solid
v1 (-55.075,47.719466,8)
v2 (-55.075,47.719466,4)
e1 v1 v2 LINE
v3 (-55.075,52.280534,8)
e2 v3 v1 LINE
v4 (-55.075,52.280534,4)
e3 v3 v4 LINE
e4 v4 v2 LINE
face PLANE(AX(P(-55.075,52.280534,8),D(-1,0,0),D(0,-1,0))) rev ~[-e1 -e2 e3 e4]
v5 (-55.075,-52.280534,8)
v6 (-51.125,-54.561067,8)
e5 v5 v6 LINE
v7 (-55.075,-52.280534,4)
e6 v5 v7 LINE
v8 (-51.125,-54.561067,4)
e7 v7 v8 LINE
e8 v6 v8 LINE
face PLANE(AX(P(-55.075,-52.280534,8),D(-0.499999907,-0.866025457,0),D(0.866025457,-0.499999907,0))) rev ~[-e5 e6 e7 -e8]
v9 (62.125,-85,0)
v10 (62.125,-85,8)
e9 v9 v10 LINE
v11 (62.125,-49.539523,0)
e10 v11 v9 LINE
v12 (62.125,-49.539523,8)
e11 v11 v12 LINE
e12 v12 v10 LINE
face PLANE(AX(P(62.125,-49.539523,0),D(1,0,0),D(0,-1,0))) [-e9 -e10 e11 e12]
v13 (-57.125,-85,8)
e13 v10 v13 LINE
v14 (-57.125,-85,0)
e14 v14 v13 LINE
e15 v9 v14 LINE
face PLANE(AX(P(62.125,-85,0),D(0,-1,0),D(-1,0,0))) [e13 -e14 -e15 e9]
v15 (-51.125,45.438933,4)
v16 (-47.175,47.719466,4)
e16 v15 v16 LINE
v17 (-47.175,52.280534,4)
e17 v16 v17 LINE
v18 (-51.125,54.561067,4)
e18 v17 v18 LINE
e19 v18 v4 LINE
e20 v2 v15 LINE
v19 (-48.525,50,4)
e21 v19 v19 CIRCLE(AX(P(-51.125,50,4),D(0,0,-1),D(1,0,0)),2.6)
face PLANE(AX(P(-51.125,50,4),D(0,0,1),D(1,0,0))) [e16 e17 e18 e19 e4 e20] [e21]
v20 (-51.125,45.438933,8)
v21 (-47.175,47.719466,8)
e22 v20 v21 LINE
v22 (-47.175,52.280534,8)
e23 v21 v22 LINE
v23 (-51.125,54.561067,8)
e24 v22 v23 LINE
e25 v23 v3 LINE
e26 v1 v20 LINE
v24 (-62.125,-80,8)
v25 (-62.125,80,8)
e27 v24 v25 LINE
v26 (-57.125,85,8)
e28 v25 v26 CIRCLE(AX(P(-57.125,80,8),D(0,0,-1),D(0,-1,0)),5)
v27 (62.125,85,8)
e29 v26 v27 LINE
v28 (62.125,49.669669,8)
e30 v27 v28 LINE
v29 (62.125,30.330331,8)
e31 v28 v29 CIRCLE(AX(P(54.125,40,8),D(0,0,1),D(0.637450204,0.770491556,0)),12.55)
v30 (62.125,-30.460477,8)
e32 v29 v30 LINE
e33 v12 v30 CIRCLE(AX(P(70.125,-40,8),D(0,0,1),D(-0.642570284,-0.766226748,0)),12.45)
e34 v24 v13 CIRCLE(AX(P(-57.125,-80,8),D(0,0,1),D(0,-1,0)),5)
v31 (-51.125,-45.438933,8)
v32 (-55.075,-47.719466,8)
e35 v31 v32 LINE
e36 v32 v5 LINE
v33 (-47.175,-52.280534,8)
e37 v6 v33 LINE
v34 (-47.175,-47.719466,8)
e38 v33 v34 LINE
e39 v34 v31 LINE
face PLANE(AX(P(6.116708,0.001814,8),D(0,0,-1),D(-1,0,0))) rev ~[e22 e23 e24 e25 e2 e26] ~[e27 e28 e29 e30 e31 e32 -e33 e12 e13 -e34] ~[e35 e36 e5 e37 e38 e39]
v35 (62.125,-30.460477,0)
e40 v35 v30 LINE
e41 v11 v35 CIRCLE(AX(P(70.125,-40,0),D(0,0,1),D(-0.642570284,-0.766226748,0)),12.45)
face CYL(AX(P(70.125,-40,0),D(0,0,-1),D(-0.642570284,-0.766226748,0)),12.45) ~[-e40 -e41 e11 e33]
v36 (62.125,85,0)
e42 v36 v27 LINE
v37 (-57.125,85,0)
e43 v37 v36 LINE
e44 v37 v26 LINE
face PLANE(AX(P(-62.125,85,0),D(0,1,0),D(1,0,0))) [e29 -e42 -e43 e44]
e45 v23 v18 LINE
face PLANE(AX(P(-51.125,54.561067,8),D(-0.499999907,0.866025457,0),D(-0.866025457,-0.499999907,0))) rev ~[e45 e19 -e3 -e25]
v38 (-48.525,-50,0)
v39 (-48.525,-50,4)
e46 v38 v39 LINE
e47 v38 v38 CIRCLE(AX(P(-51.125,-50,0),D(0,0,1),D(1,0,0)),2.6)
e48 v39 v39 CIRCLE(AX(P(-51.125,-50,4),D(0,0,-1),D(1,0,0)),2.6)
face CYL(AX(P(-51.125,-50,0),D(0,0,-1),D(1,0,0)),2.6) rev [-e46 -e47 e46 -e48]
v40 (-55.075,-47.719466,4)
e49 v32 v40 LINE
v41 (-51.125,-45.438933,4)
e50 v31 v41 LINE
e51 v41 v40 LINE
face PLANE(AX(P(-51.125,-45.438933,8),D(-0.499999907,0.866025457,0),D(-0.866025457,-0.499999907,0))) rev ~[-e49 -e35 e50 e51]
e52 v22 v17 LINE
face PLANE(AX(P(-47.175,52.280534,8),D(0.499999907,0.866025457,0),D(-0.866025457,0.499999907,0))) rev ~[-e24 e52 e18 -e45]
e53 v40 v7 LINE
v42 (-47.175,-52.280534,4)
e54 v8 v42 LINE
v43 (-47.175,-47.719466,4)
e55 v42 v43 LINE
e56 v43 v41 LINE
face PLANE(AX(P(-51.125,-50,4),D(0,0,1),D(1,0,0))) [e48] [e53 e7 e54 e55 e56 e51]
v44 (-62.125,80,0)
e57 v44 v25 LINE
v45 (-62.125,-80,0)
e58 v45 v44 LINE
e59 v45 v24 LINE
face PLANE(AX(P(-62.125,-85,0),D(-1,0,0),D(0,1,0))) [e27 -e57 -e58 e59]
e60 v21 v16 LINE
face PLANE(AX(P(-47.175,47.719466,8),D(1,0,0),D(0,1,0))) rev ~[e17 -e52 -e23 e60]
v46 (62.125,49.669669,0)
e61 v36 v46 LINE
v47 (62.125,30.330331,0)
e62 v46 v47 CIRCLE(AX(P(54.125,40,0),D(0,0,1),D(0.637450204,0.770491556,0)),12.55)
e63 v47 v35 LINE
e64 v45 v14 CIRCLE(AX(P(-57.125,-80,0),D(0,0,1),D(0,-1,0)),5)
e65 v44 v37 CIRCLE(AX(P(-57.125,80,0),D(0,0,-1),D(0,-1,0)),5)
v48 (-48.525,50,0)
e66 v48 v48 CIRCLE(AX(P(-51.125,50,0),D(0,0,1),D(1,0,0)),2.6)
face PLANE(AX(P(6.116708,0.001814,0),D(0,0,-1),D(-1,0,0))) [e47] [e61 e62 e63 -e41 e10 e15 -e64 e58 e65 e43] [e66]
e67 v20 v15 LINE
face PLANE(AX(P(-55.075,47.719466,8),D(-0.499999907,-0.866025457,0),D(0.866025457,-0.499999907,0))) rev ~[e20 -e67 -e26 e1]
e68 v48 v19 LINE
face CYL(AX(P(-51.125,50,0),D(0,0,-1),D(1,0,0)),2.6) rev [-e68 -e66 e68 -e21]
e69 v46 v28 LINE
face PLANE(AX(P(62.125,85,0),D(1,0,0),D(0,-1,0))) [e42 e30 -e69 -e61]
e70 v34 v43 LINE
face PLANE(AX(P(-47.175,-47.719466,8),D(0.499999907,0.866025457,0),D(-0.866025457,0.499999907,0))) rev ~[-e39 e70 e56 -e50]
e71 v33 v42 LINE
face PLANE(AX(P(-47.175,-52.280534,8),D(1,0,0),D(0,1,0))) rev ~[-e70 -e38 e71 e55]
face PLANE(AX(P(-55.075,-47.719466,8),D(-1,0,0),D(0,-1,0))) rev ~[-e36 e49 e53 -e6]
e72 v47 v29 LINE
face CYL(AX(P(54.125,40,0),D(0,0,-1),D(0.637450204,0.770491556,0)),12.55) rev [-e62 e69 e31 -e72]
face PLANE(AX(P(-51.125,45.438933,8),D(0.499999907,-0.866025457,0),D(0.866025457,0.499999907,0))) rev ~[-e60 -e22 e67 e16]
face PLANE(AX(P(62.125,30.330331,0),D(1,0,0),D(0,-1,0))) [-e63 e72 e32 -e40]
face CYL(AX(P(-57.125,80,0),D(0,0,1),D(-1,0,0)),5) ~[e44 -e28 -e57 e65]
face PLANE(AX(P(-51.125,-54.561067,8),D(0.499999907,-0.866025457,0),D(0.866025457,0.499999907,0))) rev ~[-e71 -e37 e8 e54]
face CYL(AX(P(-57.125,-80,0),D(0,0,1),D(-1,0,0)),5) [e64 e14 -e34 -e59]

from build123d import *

# Parameters (mm, degrees)
SKETCH_R     = 2.6
PAD_DEPTH    = 8
FILLET_R     = 5
POCKET_DEPTH = 4


with BuildPart() as part:
    # Sketch → Pad (new body)
    with BuildSketch(Plane.XY):
        with BuildLine():
            Line((-62.125, -85), (-62.125, 85))
            Line((-62.125, 85), (62.125, 85))
            Line((62.125, 85), (62.125, 49.669669))
            ThreePointArc((62.125, 49.669669), (41.575, 40), (62.125, 30.330331))
            Line((62.125, 30.330331), (62.125, -30.460477))
            ThreePointArc((62.125, -49.539523), (82.575, -40), (62.125, -30.460477))
            Line((62.125, -49.539523), (62.125, -85))
            Line((62.125, -85), (-62.125, -85))
        make_face()
        with Locations((-51.125, 50)):
            Circle(SKETCH_R, mode=Mode.SUBTRACT)
        with Locations((-51.125, -50)):
            Circle(SKETCH_R, mode=Mode.SUBTRACT)
    extrude(amount=PAD_DEPTH)

    # Fillet
    fillet_edges = [part.edges().sort_by_distance(p)[0] for p in [
        (-62.125, 85, 4),
        (-62.125, -85, 4),
    ]]
    fillet(fillet_edges, radius=FILLET_R)

    # Sketch001 (on Face5 of Fillet) → Pocket (cut)
    with BuildSketch(Plane.XY.offset(8)):
        Polygon((-47.175, 52.280534), (-51.125, 54.561067), (-55.075, 52.280534), (-55.075, 47.719466), (-51.125, 45.438933), (-47.175, 47.719466), align=None)
        Polygon((-47.175, -47.719466), (-51.125, -45.438933), (-55.075, -47.719466), (-55.075, -52.280534), (-51.125, -54.561067), (-47.175, -52.280534), align=None)
    extrude(amount=-POCKET_DEPTH, mode=Mode.SUBTRACT)


solid = part.part
